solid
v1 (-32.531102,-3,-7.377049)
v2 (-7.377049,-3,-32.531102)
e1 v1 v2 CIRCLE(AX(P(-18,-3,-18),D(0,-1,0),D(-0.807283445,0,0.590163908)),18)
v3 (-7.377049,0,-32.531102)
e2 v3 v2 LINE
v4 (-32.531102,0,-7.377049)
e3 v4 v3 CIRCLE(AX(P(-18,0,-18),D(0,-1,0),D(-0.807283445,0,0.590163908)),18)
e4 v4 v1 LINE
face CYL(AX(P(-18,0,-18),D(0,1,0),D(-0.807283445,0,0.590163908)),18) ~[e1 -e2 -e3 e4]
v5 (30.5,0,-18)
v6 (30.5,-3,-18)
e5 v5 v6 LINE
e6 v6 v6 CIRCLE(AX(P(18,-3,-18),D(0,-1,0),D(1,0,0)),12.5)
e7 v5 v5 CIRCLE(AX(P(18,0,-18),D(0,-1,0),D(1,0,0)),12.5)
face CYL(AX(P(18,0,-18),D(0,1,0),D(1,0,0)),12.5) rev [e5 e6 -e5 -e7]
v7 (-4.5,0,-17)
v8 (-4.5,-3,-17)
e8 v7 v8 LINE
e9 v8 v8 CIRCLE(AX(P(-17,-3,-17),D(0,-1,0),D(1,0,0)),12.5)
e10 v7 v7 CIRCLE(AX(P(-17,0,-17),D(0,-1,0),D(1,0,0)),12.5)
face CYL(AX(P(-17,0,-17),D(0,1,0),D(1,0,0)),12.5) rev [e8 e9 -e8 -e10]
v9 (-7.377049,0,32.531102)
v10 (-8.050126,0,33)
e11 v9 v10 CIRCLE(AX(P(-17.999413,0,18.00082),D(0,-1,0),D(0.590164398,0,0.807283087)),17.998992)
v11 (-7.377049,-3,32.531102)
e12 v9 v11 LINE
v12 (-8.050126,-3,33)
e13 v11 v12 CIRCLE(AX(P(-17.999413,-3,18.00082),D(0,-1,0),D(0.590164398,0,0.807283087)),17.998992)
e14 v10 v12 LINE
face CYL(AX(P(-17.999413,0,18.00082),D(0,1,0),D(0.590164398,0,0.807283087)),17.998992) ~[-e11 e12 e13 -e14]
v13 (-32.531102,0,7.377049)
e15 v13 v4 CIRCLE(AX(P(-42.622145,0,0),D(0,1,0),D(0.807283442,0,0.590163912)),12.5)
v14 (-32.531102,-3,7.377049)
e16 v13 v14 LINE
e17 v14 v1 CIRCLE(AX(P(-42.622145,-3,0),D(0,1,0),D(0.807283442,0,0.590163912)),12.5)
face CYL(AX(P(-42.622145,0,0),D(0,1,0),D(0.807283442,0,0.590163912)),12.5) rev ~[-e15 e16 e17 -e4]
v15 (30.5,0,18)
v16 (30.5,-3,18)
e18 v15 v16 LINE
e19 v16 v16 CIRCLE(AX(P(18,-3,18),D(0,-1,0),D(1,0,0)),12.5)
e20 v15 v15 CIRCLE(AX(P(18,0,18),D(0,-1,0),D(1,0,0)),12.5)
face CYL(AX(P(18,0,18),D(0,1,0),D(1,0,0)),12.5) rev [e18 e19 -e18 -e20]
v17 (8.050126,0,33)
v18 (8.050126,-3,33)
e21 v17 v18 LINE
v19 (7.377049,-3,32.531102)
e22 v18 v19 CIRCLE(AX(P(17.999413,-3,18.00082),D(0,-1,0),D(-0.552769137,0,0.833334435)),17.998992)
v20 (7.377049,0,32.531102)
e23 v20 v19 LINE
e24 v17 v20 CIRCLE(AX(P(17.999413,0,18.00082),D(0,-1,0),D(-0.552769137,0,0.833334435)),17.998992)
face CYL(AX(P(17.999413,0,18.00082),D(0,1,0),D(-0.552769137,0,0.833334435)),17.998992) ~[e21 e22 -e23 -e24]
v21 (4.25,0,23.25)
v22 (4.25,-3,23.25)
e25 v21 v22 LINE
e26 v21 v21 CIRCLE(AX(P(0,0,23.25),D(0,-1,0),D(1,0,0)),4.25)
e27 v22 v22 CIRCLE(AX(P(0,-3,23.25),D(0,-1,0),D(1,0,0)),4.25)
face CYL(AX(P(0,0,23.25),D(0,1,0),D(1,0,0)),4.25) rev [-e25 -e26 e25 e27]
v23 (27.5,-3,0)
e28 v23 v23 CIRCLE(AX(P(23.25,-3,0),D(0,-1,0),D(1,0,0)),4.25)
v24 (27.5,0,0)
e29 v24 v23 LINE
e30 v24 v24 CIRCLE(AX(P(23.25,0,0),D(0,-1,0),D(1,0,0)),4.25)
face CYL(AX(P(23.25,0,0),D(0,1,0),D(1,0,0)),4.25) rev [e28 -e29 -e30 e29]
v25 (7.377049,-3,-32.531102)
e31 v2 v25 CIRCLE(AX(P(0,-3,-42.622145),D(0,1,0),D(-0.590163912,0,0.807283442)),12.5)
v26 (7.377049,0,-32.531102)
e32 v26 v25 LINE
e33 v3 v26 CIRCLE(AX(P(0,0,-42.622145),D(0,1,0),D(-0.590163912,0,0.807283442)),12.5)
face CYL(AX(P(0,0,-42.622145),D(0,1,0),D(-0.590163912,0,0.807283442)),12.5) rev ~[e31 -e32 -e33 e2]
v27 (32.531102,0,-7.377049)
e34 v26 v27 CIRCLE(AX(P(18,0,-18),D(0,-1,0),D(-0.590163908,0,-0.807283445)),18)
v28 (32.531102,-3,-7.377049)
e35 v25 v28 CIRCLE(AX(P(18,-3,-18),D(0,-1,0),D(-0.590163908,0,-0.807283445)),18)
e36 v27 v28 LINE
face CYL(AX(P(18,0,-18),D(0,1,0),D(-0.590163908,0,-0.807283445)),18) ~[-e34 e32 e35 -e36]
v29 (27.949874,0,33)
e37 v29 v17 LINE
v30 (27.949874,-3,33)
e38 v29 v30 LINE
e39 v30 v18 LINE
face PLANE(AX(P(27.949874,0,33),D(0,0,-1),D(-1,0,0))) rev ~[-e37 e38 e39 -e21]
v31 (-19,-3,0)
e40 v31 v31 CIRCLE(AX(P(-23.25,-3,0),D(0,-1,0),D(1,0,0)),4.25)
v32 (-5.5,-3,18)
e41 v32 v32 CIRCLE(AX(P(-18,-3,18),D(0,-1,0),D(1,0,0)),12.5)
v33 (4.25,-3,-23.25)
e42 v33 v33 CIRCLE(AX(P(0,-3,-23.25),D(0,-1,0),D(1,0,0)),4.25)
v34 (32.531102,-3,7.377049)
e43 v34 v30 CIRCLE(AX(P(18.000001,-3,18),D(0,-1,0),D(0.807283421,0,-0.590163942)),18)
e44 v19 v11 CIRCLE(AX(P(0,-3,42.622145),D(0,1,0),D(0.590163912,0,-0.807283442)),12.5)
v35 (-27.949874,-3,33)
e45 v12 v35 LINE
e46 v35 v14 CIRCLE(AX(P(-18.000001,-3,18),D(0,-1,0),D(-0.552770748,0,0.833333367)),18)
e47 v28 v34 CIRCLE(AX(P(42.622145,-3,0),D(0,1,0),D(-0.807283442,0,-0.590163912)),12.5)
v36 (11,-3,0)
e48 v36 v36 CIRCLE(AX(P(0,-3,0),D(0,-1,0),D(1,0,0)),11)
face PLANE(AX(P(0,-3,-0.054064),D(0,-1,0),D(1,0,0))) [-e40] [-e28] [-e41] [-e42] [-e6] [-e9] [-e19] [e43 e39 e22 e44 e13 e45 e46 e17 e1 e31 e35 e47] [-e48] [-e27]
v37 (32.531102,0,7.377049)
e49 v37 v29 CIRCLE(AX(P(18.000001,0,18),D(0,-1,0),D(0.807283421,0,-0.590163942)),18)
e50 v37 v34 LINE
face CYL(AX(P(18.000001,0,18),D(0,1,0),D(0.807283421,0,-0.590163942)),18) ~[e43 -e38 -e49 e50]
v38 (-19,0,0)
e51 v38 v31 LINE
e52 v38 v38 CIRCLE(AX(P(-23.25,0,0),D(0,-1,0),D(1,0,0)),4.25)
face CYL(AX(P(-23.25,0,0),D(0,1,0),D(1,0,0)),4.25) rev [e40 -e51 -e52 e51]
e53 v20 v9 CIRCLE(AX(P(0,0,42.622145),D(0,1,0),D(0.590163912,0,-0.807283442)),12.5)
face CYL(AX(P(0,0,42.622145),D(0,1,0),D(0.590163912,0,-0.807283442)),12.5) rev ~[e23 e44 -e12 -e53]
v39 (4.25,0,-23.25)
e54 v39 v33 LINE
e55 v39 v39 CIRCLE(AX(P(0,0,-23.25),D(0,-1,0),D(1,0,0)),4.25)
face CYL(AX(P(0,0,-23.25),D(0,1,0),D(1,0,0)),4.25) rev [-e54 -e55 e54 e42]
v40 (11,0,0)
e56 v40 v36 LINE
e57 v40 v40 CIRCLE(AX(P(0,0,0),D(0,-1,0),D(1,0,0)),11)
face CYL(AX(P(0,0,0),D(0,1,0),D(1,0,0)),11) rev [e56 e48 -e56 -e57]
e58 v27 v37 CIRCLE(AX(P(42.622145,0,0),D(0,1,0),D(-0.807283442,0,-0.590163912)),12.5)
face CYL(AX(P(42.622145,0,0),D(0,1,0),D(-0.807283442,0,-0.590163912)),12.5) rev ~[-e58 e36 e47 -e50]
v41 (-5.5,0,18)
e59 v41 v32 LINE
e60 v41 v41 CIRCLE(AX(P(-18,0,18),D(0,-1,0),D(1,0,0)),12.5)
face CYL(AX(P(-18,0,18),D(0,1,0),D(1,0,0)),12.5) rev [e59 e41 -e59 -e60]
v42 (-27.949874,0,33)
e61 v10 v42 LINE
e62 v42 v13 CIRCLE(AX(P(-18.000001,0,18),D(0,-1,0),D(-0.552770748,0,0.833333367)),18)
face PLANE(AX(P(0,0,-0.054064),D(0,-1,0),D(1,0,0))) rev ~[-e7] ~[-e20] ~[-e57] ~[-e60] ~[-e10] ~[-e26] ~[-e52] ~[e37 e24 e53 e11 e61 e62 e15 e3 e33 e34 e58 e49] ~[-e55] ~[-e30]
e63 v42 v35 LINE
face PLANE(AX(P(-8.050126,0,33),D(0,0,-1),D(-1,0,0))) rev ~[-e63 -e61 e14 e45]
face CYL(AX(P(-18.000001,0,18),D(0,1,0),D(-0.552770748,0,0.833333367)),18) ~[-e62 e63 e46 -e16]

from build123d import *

# Parameters (mm, degrees)
F0_R     = 12.5
F0_R_2   = 4.25
F0_R_3   = 11
F1_DEPTH = 3


with BuildPart() as f1:
    # F0 (on Front) → F1 (new body)
    with BuildSketch(Plane.XZ):
        with BuildLine():
            ThreePointArc((32.531102, -7.377049), (30.122145, 0), (32.531102, 7.377049))
            ThreePointArc((32.531102, 7.377049), (35.719014, 21.168052), (27.949874, 33))
            Line((27.949874, 33), (8.050126, 33))
            ThreePointArc((8.050126, 33), (7.710916, 32.769386), (7.377049, 32.531102))
            ThreePointArc((7.377049, 32.531102), (0, 30.122145), (-7.377049, 32.531102))
            ThreePointArc((-7.377049, 32.531102), (-7.710916, 32.769386), (-8.050126, 33))
            Line((-8.050126, 33), (-27.949874, 33))
            ThreePointArc((-27.949874, 33), (-35.719014, 21.168052), (-32.531102, 7.377049))
            ThreePointArc((-32.531102, 7.377049), (-30.122145, 0), (-32.531102, -7.377049))
            ThreePointArc((-32.531102, -7.377049), (-30.727922, -30.727922), (-7.377049, -32.531102))
            ThreePointArc((-7.377049, -32.531102), (0, -30.122145), (7.377049, -32.531102))
            ThreePointArc((7.377049, -32.531102), (30.727922, -30.727922), (32.531102, -7.377049))
        make_face()
        with Locations((-17, -17)):
            Circle(F0_R, mode=Mode.SUBTRACT)
        with Locations((0, -23.25)):
            Circle(F0_R_2, mode=Mode.SUBTRACT)
        with Locations((18, -18)):
            Circle(F0_R, mode=Mode.SUBTRACT)
        with Locations((-23.25, 0)):
            Circle(F0_R_2, mode=Mode.SUBTRACT)
        with Locations((-18, 18)):
            Circle(F0_R, mode=Mode.SUBTRACT)
        Circle(F0_R_3, mode=Mode.SUBTRACT)
        with Locations((23.25, 0)):
            Circle(F0_R_2, mode=Mode.SUBTRACT)
        with Locations((0, 23.25)):
            Circle(F0_R_2, mode=Mode.SUBTRACT)
        with Locations((18, 18)):
            Circle(F0_R, mode=Mode.SUBTRACT)
    extrude(amount=F1_DEPTH)


solid = f1.part
